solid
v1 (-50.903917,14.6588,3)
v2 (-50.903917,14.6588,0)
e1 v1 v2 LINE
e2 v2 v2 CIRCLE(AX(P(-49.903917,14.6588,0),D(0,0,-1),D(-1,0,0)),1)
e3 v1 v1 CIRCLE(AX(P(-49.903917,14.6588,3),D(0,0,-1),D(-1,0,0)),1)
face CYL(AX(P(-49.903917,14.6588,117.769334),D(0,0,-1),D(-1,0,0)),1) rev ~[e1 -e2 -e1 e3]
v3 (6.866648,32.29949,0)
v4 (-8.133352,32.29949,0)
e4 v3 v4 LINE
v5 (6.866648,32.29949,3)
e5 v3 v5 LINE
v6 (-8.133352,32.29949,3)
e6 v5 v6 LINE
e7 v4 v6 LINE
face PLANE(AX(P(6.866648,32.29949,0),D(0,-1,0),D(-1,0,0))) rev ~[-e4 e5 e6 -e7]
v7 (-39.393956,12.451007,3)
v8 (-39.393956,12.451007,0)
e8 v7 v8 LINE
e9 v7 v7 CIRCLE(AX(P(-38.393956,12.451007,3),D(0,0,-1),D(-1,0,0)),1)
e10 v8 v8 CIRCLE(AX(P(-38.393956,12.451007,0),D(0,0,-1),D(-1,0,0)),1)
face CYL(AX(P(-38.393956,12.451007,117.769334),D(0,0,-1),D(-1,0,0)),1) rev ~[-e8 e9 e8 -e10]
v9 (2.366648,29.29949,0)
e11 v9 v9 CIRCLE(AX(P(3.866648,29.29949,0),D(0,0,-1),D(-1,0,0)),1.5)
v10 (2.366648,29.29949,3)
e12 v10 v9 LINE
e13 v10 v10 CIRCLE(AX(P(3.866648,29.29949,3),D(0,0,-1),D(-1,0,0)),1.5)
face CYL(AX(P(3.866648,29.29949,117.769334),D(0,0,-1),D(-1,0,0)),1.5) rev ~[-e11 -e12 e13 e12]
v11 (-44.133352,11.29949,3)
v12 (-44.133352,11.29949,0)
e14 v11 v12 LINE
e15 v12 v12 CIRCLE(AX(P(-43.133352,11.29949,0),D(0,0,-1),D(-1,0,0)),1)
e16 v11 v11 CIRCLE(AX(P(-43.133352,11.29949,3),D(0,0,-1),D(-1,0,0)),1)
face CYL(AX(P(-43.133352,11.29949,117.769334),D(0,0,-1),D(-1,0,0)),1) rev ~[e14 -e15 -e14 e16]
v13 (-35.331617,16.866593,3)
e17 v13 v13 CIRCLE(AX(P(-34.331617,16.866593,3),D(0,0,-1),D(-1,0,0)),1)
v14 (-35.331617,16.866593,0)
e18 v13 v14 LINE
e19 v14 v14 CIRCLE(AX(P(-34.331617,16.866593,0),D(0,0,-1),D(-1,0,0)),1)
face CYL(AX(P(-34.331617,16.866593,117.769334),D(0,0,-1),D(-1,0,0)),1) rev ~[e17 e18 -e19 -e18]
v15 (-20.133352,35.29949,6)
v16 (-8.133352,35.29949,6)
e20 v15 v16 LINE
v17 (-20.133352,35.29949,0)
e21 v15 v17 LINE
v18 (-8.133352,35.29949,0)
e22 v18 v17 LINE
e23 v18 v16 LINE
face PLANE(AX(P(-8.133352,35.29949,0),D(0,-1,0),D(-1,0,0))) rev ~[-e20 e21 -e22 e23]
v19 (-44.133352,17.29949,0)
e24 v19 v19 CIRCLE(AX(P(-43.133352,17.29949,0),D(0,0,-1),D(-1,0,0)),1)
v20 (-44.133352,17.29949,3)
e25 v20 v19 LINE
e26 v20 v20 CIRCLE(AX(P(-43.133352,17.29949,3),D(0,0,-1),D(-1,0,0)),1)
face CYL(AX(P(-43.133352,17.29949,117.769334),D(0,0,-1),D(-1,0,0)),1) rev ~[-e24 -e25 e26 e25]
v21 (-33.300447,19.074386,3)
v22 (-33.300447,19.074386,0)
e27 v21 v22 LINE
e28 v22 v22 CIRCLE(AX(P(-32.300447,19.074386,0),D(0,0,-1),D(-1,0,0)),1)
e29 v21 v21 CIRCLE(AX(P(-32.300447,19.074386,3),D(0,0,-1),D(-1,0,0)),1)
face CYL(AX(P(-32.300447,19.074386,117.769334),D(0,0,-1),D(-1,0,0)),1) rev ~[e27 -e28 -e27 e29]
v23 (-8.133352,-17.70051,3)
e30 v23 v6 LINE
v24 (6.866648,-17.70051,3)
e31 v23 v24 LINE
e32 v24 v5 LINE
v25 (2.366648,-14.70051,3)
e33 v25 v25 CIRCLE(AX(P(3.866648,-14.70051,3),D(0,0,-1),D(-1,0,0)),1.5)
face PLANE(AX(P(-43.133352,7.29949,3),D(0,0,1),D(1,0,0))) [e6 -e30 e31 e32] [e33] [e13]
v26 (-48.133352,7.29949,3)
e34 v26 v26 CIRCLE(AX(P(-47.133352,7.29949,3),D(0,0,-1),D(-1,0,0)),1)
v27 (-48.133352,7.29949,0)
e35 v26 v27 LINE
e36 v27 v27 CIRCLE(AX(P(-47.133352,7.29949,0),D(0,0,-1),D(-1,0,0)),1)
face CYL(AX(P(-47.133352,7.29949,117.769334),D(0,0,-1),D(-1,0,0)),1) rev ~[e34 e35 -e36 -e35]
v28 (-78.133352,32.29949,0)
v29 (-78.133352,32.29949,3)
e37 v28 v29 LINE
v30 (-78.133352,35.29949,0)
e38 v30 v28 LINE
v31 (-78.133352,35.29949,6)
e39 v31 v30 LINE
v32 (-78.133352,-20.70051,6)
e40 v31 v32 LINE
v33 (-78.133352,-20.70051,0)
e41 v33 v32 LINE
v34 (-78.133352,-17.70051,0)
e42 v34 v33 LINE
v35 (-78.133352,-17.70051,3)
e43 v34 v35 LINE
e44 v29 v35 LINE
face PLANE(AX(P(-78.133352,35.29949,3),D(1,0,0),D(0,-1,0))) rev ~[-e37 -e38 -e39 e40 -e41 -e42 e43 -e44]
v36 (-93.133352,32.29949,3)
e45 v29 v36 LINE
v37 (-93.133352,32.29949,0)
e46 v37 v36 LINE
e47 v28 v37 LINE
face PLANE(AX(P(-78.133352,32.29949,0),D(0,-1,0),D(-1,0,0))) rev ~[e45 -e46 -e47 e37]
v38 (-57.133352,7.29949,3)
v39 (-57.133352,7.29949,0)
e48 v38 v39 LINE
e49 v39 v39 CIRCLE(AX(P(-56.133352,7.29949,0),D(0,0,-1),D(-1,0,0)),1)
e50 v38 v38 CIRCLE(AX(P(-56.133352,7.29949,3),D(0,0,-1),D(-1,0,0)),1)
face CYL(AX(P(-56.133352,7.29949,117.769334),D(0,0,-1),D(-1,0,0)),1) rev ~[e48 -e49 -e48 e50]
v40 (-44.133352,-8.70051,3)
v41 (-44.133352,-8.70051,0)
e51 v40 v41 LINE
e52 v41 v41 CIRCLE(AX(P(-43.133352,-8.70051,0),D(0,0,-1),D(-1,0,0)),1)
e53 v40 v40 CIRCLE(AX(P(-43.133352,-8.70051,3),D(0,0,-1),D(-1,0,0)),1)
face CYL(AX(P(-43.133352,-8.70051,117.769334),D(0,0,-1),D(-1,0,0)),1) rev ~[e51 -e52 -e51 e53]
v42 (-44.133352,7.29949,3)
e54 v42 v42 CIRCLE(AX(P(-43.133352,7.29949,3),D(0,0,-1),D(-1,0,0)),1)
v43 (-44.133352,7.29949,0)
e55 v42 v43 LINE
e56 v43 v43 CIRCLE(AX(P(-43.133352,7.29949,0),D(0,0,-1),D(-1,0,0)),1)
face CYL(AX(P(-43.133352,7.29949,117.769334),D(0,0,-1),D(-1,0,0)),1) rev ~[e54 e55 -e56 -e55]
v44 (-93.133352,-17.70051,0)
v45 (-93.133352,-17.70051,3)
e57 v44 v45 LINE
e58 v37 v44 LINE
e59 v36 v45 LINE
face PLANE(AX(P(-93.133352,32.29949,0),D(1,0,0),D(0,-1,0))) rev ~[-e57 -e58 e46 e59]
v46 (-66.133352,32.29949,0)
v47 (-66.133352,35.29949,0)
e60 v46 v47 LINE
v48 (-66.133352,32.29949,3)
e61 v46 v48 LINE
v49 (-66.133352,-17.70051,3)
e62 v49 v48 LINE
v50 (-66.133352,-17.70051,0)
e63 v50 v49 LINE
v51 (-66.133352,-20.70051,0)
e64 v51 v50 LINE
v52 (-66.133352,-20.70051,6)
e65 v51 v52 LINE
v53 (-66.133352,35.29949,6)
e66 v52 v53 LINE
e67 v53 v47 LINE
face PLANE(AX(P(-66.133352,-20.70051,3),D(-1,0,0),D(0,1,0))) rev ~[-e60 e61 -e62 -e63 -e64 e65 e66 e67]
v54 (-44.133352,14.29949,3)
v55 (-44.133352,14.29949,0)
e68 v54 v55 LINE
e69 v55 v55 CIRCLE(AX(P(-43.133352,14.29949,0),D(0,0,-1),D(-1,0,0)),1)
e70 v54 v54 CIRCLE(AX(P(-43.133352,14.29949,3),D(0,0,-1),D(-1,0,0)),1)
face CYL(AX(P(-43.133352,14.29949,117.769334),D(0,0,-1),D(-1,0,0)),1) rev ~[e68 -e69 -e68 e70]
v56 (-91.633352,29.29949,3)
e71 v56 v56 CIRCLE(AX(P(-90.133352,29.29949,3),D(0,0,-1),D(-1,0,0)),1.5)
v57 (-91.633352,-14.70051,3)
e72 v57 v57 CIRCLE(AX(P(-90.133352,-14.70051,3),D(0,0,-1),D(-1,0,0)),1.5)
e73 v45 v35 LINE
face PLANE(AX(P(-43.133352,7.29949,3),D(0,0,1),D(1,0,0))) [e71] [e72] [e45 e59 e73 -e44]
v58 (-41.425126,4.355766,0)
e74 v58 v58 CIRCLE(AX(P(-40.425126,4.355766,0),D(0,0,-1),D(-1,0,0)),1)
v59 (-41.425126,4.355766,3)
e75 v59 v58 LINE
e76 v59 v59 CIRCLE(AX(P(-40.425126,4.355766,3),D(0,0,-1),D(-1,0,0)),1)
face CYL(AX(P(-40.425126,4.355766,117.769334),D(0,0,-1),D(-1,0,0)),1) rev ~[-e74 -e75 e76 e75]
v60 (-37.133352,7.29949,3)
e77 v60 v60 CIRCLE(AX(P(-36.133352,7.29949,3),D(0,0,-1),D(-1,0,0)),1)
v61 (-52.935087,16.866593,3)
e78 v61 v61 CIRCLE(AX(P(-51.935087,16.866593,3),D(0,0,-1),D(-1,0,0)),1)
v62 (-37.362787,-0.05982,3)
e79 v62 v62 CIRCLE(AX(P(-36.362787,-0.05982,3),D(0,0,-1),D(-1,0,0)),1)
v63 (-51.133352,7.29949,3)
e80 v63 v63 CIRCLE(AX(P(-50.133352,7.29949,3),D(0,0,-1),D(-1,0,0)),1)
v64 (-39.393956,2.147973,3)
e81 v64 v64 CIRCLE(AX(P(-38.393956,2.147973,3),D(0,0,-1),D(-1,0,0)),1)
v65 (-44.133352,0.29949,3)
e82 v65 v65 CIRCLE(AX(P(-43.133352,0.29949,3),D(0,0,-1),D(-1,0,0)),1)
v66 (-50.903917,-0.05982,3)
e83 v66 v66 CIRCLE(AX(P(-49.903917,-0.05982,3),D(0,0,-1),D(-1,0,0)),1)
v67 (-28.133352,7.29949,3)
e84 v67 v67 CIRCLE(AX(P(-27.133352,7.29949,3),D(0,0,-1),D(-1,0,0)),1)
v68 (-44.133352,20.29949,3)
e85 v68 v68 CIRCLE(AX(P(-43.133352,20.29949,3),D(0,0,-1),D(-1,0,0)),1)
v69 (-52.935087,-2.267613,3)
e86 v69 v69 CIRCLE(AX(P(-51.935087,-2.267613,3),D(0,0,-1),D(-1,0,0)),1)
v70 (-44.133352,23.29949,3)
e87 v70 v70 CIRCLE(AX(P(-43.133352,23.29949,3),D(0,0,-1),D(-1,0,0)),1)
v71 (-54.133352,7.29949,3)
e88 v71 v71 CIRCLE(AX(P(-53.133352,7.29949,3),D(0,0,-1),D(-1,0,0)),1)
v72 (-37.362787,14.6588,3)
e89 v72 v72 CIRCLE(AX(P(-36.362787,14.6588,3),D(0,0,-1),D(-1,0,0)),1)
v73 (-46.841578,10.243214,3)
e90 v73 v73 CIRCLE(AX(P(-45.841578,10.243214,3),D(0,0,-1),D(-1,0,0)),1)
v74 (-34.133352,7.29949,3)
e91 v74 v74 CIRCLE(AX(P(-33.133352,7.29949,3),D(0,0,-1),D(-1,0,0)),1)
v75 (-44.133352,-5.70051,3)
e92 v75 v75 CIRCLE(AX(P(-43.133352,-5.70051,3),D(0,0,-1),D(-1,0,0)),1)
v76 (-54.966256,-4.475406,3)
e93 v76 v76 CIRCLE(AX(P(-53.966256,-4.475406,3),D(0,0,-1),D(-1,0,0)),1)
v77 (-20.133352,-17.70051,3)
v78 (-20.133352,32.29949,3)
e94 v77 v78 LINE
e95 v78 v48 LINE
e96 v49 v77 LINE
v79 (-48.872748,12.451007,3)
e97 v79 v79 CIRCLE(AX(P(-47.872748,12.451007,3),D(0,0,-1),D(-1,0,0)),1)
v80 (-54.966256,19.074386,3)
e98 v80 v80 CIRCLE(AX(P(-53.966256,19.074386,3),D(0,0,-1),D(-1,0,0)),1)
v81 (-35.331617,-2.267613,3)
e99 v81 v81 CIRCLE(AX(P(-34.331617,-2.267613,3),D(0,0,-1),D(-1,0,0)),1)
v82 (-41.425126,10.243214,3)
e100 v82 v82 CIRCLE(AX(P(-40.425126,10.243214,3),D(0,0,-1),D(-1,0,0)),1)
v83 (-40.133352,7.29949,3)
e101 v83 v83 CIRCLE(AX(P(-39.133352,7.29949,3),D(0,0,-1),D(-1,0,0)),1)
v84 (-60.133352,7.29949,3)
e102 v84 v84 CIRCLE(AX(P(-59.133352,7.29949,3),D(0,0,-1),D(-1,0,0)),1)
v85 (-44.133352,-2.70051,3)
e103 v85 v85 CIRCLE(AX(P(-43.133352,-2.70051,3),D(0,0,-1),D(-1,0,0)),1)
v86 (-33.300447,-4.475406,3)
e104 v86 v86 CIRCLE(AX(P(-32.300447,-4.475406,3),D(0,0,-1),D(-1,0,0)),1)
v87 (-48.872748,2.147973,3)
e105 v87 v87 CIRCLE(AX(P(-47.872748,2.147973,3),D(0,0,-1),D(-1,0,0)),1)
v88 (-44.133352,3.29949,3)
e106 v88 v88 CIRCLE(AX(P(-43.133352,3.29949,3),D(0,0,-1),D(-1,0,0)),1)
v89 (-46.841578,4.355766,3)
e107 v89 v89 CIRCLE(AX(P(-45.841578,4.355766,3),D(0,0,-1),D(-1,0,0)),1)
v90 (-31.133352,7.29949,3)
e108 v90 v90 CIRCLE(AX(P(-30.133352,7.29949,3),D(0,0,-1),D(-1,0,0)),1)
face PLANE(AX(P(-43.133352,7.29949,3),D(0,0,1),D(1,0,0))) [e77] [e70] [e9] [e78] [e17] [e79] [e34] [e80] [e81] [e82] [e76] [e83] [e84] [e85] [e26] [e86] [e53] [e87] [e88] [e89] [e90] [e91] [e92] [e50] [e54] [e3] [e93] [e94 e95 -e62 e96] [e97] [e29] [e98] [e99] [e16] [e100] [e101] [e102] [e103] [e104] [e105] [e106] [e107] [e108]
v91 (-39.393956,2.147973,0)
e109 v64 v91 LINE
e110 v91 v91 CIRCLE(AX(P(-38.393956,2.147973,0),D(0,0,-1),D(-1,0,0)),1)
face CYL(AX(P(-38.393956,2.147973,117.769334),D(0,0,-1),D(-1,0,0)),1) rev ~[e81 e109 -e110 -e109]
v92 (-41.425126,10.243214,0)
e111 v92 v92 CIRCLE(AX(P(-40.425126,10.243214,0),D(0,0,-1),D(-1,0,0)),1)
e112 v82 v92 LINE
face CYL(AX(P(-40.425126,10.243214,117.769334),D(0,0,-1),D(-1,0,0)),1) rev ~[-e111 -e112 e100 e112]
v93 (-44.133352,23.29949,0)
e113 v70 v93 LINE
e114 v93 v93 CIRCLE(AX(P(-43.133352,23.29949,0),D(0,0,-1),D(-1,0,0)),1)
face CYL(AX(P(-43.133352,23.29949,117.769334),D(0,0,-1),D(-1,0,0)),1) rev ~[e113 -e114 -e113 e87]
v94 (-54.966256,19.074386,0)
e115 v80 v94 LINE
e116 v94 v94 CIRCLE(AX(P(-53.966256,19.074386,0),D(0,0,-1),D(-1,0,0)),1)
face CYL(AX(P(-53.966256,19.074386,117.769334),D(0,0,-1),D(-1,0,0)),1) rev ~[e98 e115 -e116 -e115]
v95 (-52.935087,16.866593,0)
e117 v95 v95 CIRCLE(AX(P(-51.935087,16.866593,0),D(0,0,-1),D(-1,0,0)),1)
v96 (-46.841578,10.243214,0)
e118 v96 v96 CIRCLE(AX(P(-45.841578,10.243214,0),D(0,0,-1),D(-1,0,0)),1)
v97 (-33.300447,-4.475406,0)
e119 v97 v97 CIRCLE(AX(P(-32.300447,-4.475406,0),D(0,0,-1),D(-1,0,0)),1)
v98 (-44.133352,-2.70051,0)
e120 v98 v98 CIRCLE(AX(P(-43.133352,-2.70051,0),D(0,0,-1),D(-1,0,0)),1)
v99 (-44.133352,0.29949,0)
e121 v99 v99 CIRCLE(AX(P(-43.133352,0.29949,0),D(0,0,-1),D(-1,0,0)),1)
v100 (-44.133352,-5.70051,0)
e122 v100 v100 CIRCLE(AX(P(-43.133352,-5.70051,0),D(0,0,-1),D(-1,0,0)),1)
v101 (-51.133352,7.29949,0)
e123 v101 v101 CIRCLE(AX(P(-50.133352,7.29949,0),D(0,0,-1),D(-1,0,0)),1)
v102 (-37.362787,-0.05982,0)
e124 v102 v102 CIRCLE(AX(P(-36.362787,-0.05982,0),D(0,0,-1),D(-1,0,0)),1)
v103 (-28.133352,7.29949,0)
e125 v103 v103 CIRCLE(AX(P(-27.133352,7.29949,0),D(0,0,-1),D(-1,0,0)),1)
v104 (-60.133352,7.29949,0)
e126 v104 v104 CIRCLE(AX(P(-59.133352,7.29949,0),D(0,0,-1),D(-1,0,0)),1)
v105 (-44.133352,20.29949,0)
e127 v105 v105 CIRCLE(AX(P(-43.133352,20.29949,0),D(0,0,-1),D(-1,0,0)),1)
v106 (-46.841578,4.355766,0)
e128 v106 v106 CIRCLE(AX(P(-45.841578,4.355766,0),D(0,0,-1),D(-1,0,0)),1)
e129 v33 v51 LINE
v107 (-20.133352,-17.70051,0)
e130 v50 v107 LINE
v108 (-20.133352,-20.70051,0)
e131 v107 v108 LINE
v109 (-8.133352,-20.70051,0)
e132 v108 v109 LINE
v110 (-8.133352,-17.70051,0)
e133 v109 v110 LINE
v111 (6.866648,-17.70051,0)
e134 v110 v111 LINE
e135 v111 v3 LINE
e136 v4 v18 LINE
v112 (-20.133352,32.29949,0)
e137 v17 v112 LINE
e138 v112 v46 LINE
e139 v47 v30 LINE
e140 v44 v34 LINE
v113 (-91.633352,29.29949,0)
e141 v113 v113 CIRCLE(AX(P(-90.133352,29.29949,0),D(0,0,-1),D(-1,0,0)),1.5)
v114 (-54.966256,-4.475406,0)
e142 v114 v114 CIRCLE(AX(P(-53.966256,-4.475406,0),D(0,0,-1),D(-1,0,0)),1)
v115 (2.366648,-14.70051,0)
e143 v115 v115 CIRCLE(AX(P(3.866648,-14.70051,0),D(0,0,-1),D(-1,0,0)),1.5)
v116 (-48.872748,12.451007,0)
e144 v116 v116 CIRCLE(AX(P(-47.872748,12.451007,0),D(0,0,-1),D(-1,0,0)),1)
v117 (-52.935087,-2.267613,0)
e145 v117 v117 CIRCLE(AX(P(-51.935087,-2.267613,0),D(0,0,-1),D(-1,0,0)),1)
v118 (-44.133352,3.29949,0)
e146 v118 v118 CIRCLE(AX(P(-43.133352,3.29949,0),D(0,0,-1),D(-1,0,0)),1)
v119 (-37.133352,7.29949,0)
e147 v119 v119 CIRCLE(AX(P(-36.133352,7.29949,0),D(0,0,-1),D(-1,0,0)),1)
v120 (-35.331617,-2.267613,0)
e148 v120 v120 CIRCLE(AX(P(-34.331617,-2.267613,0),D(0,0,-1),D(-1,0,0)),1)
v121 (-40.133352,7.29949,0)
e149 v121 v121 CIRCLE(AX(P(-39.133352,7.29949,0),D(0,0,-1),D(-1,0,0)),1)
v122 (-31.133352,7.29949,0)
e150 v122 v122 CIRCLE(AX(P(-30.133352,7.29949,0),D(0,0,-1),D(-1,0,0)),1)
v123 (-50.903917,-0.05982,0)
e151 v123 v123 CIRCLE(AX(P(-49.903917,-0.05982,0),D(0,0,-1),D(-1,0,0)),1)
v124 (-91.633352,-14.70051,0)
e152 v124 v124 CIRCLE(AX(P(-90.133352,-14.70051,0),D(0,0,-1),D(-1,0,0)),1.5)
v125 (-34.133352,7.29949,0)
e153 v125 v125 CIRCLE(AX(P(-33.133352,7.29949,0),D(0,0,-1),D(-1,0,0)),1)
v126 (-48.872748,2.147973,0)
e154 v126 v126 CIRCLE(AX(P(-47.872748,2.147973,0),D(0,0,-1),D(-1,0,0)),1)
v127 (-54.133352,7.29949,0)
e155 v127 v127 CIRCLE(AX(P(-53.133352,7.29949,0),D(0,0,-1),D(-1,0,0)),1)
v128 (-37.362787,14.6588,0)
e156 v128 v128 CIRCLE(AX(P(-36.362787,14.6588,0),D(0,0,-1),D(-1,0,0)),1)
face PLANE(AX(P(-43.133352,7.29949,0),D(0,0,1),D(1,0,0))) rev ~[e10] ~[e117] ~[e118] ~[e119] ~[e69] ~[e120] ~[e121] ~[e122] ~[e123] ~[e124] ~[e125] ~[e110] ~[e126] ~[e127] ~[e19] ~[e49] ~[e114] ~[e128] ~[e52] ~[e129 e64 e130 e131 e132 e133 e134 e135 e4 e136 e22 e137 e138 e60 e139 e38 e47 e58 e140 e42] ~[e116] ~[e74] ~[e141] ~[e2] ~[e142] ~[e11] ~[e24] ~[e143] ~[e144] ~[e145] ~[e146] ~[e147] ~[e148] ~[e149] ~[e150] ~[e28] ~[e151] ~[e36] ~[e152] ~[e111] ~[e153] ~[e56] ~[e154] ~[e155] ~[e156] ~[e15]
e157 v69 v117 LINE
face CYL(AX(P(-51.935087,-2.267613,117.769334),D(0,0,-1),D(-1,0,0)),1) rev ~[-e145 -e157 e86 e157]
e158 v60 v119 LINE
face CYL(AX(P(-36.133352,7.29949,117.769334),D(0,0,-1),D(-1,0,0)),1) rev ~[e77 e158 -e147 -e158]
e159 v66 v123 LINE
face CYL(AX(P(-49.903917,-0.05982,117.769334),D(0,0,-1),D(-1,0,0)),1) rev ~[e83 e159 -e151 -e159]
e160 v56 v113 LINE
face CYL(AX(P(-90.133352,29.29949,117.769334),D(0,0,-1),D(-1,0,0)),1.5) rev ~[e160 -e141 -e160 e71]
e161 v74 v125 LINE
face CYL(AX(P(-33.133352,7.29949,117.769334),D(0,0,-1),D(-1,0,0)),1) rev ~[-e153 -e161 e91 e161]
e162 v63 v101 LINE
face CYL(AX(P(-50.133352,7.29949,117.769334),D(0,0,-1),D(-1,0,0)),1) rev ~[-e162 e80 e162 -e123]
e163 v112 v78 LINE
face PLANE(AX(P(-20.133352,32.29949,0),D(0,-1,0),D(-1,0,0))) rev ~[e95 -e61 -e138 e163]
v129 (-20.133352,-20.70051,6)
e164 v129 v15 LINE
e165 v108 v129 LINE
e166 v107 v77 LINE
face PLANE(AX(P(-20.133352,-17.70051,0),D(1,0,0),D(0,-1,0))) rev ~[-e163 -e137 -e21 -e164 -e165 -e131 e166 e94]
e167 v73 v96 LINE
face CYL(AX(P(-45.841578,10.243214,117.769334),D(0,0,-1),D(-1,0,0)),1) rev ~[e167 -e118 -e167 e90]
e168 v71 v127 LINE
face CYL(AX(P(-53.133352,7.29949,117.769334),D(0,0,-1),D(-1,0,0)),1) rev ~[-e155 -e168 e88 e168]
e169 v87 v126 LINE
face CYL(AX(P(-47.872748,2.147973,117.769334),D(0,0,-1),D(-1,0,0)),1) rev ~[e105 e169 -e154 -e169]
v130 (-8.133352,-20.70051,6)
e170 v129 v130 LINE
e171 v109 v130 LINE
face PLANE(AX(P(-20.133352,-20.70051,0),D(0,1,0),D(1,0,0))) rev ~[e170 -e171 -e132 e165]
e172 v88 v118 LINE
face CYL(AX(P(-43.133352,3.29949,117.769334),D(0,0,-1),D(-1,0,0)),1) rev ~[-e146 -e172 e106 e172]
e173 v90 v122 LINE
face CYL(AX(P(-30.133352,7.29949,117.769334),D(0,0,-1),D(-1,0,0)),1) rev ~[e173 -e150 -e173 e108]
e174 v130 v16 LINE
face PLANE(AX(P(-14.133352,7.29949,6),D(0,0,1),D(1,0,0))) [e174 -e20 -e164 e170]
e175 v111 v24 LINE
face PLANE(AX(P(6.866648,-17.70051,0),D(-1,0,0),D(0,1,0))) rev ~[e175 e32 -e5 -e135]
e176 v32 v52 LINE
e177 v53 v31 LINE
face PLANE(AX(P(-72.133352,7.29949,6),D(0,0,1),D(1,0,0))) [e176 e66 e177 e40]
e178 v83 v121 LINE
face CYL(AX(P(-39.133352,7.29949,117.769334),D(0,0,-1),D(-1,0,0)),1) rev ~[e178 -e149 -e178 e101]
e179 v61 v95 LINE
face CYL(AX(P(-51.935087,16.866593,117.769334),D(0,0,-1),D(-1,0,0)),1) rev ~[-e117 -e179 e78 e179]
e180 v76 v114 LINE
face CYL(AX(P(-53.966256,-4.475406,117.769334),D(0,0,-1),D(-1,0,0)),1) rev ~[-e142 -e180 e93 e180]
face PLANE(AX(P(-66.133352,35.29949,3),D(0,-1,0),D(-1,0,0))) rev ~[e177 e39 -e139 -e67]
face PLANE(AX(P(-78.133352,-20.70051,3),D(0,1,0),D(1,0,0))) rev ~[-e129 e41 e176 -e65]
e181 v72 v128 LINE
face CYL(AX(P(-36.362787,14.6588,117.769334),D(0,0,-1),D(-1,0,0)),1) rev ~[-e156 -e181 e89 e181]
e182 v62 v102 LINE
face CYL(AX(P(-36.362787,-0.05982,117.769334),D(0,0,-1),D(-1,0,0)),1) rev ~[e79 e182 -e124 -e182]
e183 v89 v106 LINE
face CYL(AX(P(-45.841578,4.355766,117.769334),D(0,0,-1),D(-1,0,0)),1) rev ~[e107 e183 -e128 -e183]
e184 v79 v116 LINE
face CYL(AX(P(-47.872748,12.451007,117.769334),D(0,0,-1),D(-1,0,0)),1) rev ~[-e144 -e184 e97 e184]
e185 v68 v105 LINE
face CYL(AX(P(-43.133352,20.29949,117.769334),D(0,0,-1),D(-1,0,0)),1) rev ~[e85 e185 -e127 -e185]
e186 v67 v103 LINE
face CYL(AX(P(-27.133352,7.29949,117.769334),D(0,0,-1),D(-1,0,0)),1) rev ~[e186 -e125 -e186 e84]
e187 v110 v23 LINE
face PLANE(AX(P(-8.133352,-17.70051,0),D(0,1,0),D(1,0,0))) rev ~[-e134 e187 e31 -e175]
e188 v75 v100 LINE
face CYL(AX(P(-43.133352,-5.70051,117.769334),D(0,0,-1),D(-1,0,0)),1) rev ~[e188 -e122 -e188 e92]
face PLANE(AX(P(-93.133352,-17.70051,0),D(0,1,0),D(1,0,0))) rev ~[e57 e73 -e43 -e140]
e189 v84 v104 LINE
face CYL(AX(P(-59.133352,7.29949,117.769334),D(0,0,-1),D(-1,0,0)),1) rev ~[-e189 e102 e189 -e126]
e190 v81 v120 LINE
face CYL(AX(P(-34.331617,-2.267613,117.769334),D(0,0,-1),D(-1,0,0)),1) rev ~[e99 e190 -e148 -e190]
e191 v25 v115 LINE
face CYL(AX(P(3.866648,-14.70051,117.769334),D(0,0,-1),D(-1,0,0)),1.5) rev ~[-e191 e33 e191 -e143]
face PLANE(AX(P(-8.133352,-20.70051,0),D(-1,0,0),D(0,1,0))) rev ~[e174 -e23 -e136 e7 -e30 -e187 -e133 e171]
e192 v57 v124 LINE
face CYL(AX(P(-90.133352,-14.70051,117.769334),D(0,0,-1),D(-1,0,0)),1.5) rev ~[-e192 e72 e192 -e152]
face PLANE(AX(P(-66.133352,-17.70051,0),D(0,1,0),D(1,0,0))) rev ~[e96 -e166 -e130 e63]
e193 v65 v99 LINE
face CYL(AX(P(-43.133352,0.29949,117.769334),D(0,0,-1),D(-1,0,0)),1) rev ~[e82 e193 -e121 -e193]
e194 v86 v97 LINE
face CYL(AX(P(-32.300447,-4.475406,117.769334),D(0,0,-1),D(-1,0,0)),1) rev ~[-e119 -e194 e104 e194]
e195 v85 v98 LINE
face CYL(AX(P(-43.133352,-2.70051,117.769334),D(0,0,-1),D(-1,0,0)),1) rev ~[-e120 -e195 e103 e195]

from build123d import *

# Parameters (mm, degrees)
F1_DEPTH = 3
F2_W     = 12
F2_H     = 56
F3_DEPTH = 3
F4_D     = 3
F6_D     = 2


with BuildPart() as f1:
    # F0 (on Top) → F1 (new body)
    with BuildSketch(Plane.XY):
        Polygon((-78.133352, 32.29949), (-93.133352, 32.29949), (-93.133352, -17.70051), (-78.133352, -17.70051), (-78.133352, -20.70051), (-66.133352, -20.70051), (-66.133352, -17.70051), (-20.133352, -17.70051), (-20.133352, -20.70051), (-8.133352, -20.70051), (-8.133352, -17.70051), (6.866648, -17.70051), (6.866648, 32.29949), (-8.133352, 32.29949), (-8.133352, 35.29949), (-20.133352, 35.29949), (-20.133352, 32.29949), (-66.133352, 32.29949), (-66.133352, 35.29949), (-78.133352, 35.29949), align=None)
    extrude(amount=F1_DEPTH)

    # F2 (on face) → F3 (join)
    with BuildSketch(Plane.XY.offset(3)):
        Polygon((-78.133352, 35.29949), (-78.133352, 32.29949), (-78.133352, -17.70051), (-78.133352, -20.70051), (-66.133352, -20.70051), (-66.133352, -17.70051), (-66.133352, 35.29949), align=None)
        with Locations((-14.133352, 7.29949)):
            Rectangle(F2_W, F2_H)
    extrude(amount=F3_DEPTH)

    # F4 (through all)
    with Locations(Plane.XY.offset(3)):
        with Locations((-90.133352, -14.70051), (-90.133352, 29.29949), (3.866648, -14.70051), (3.866648, 29.29949)):
            Hole(F4_D / 2)

    # F6 (through all)
    with Locations(Plane.XY.offset(3)):
        with Locations((-53.966256, 19.074386), (-43.133352, 23.29949), (-32.300447, 19.074386), (-27.133352, 7.29949), (-32.300447, -4.475406), (-34.331617, -2.267613), (-36.362787, -0.05982), (-38.393956, 2.147973), (-40.425126, 4.355766), (-39.133352, 7.29949), (-36.133352, 7.29949), (-33.133352, 7.29949), (-30.133352, 7.29949), (-40.425126, 10.243214), (-38.393956, 12.451007), (-36.362787, 14.6588), (-34.331617, 16.866593), (-43.133352, 11.29949), (-43.133352, 14.29949), (-43.133352, 17.29949), (-43.133352, 20.29949), (-51.935087, 16.866593), (-49.903917, 14.6588), (-47.872748, 12.451007), (-45.841578, 10.243214), (-47.133352, 7.29949), (-45.841578, 4.355766), (-43.133352, 3.29949), (-43.133352, 0.29949), (-43.133352, -2.70051), (-43.133352, -5.70051), (-43.133352, -8.70051), (-53.966256, -4.475406), (-51.935087, -2.267613), (-49.903917, -0.05982), (-47.872748, 2.147973), (-50.133352, 7.29949), (-53.133352, 7.29949), (-56.133352, 7.29949), (-59.133352, 7.29949), (-43.133352, 7.29949)):
            Hole(F6_D / 2)


solid = f1.part
